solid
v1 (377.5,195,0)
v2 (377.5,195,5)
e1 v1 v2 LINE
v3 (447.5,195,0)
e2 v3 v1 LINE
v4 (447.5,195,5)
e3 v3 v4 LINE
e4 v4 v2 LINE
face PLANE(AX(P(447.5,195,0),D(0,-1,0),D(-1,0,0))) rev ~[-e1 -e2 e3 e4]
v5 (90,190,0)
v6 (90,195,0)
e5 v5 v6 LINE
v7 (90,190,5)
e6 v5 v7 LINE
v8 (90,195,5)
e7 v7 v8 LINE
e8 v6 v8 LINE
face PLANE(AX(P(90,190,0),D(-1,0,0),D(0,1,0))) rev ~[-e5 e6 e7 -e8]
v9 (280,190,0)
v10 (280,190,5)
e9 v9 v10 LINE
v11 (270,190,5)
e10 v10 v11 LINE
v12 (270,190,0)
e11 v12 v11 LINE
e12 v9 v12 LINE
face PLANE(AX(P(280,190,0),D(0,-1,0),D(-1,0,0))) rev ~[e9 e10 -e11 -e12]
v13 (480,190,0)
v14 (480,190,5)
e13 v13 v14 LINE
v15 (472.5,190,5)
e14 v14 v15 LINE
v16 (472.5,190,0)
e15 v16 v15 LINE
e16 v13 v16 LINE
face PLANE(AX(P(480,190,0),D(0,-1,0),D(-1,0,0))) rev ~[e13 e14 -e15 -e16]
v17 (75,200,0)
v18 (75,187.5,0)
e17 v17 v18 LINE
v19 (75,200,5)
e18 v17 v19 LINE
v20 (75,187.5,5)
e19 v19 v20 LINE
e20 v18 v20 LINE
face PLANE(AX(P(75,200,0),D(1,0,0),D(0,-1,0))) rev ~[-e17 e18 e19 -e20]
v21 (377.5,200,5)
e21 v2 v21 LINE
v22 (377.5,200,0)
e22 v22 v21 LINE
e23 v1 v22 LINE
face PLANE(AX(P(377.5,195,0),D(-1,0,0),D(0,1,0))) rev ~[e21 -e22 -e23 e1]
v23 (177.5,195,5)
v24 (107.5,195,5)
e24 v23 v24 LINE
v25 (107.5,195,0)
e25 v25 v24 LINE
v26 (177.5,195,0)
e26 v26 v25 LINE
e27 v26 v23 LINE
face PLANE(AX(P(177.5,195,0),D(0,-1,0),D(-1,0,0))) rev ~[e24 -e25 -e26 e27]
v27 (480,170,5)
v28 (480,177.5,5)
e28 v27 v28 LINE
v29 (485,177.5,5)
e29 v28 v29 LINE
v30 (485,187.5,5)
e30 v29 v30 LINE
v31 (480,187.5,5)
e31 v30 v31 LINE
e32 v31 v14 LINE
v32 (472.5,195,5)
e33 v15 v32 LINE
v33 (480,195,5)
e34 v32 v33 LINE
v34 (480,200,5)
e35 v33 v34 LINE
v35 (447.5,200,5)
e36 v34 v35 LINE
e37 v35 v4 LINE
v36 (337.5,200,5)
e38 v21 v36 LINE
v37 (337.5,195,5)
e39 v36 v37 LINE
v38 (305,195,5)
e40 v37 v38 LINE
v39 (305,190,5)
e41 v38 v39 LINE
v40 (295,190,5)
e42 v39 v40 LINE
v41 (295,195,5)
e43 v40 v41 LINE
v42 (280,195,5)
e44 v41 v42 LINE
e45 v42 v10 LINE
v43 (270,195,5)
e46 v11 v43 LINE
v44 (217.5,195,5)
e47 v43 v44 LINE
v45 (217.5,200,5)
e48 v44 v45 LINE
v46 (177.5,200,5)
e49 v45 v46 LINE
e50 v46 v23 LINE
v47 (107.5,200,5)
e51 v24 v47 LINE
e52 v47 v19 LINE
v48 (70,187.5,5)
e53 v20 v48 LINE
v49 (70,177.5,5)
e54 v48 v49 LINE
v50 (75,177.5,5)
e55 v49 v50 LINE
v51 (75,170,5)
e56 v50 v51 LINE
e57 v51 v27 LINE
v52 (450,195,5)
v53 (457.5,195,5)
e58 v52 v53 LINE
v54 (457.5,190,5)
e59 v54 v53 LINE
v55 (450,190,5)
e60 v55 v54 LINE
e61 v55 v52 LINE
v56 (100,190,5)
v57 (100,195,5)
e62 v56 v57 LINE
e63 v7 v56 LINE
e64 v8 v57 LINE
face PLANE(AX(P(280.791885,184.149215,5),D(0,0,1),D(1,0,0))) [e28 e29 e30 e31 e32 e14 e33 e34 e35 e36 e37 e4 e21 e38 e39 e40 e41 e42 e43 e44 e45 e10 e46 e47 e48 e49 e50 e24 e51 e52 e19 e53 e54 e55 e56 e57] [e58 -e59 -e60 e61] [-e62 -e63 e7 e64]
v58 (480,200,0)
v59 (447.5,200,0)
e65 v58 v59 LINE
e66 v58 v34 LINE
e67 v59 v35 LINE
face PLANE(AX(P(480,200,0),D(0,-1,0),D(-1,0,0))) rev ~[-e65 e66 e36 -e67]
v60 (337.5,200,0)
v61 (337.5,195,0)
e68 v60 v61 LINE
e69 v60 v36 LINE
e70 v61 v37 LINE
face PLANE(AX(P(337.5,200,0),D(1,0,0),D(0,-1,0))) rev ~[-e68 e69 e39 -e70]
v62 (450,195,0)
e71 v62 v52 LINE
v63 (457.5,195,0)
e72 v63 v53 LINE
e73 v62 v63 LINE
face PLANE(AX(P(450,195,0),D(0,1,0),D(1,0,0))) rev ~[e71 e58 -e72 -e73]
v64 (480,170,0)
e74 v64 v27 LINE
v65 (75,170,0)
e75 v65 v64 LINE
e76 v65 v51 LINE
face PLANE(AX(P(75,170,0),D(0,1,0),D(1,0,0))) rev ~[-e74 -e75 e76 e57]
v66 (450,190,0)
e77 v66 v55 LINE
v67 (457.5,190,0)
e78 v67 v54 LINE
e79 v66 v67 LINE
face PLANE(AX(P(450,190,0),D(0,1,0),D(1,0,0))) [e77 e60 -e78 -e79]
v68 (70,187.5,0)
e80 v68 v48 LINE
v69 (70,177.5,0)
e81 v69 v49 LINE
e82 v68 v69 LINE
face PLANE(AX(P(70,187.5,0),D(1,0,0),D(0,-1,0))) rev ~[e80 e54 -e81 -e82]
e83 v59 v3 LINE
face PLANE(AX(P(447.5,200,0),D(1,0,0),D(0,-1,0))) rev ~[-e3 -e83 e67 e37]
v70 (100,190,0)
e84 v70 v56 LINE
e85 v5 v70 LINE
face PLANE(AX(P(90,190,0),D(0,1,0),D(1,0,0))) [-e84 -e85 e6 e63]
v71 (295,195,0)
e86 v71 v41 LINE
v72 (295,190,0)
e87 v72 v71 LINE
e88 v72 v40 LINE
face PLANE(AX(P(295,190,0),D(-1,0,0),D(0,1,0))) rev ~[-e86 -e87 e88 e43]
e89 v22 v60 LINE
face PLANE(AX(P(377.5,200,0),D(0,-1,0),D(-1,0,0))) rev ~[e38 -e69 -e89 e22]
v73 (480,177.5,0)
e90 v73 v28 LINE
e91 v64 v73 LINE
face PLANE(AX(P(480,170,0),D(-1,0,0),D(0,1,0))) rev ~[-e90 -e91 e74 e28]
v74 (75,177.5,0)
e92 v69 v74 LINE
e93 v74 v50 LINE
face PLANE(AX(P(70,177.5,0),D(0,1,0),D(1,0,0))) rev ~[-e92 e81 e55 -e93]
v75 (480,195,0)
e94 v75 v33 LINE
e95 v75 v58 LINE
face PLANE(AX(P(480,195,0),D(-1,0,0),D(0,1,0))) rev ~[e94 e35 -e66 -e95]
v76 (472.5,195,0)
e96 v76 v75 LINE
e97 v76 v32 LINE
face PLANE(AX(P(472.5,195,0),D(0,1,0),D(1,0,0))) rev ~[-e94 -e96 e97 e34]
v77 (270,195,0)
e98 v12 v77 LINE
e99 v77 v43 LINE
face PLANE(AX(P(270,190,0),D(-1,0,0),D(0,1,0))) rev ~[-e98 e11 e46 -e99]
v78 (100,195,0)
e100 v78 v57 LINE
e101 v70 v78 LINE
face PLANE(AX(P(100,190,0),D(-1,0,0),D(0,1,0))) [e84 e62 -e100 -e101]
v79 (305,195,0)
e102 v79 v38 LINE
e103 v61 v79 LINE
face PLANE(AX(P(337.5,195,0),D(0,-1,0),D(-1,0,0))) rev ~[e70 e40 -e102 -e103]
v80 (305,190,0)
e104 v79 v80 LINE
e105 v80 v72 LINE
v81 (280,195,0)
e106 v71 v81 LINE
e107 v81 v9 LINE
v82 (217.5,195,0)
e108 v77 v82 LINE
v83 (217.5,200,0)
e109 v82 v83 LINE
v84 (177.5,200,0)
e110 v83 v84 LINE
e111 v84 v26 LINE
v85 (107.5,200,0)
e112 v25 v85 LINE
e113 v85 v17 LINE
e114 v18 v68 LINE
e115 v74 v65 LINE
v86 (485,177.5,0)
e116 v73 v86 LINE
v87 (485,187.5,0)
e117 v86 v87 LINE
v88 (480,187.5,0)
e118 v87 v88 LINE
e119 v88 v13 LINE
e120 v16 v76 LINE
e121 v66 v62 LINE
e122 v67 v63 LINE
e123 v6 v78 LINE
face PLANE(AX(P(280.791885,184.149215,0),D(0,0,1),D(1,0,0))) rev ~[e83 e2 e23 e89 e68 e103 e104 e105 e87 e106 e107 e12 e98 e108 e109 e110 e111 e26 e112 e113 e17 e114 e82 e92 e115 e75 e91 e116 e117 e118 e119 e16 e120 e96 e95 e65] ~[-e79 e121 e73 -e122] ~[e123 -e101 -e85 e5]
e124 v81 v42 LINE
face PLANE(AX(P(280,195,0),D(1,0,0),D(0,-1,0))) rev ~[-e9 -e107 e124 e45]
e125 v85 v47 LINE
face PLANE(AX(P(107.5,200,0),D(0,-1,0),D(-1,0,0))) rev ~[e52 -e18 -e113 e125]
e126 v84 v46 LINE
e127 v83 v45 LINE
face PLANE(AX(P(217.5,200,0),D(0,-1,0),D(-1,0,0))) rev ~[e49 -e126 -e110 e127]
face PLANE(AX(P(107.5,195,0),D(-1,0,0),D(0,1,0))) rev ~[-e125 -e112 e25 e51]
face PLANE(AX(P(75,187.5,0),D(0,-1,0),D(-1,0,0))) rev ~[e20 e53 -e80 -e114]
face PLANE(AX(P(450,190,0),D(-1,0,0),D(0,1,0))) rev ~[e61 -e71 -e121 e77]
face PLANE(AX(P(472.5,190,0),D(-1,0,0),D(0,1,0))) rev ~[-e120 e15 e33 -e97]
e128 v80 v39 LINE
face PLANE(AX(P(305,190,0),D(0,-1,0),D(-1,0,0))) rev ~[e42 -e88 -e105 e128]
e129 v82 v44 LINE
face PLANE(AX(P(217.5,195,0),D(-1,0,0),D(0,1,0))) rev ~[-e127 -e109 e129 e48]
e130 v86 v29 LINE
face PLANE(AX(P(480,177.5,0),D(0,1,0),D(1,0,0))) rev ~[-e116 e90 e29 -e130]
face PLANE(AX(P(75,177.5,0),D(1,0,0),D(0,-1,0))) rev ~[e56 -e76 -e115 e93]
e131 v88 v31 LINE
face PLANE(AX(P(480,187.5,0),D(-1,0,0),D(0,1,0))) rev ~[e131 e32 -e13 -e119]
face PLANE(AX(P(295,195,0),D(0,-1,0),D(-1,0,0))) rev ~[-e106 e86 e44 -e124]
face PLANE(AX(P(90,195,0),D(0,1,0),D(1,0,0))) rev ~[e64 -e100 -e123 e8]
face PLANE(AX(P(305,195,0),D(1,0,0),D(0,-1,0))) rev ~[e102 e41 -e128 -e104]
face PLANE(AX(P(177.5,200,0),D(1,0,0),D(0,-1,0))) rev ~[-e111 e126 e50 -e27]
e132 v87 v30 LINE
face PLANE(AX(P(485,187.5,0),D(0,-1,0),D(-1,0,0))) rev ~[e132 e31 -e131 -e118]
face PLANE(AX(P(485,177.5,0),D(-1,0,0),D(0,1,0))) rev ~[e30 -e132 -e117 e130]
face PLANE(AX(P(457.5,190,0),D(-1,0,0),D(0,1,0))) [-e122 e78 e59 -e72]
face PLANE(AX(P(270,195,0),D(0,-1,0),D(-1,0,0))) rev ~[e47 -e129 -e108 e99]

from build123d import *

# Parameters (mm, degrees)
SKETCH1_W           = 7.5
SKETCH1_H           = 5
SKETCH1_W_2         = 10
BOSS_EXTRUDE1_DEPTH = 5


with BuildPart() as part:
    # Sketch1 → Boss-Extrude1 (new body)
    with BuildSketch(Plane.XY):
        Polygon((480, 177.5), (485, 177.5), (485, 187.5), (480, 187.5), (480, 190), (472.5, 190), (472.5, 195), (480, 195), (480, 200), (447.5, 200), (447.5, 195), (377.5, 195), (377.5, 200), (337.5, 200), (337.5, 195), (305, 195), (305, 190), (295, 190), (295, 195), (280, 195), (280, 190), (270, 190), (270, 195), (217.5, 195), (217.5, 200), (177.5, 200), (177.5, 195), (107.5, 195), (107.5, 200), (75, 200), (75, 195), (75, 187.5), (70, 187.5), (70, 177.5), (75, 177.5), (75, 170), (480, 170), align=None)
        with Locations((453.75, 192.5)):
            Rectangle(SKETCH1_W, SKETCH1_H, mode=Mode.SUBTRACT)
        with Locations((95, 192.5)):
            Rectangle(SKETCH1_W_2, SKETCH1_H, mode=Mode.SUBTRACT)
    extrude(amount=BOSS_EXTRUDE1_DEPTH)


solid = part.part
